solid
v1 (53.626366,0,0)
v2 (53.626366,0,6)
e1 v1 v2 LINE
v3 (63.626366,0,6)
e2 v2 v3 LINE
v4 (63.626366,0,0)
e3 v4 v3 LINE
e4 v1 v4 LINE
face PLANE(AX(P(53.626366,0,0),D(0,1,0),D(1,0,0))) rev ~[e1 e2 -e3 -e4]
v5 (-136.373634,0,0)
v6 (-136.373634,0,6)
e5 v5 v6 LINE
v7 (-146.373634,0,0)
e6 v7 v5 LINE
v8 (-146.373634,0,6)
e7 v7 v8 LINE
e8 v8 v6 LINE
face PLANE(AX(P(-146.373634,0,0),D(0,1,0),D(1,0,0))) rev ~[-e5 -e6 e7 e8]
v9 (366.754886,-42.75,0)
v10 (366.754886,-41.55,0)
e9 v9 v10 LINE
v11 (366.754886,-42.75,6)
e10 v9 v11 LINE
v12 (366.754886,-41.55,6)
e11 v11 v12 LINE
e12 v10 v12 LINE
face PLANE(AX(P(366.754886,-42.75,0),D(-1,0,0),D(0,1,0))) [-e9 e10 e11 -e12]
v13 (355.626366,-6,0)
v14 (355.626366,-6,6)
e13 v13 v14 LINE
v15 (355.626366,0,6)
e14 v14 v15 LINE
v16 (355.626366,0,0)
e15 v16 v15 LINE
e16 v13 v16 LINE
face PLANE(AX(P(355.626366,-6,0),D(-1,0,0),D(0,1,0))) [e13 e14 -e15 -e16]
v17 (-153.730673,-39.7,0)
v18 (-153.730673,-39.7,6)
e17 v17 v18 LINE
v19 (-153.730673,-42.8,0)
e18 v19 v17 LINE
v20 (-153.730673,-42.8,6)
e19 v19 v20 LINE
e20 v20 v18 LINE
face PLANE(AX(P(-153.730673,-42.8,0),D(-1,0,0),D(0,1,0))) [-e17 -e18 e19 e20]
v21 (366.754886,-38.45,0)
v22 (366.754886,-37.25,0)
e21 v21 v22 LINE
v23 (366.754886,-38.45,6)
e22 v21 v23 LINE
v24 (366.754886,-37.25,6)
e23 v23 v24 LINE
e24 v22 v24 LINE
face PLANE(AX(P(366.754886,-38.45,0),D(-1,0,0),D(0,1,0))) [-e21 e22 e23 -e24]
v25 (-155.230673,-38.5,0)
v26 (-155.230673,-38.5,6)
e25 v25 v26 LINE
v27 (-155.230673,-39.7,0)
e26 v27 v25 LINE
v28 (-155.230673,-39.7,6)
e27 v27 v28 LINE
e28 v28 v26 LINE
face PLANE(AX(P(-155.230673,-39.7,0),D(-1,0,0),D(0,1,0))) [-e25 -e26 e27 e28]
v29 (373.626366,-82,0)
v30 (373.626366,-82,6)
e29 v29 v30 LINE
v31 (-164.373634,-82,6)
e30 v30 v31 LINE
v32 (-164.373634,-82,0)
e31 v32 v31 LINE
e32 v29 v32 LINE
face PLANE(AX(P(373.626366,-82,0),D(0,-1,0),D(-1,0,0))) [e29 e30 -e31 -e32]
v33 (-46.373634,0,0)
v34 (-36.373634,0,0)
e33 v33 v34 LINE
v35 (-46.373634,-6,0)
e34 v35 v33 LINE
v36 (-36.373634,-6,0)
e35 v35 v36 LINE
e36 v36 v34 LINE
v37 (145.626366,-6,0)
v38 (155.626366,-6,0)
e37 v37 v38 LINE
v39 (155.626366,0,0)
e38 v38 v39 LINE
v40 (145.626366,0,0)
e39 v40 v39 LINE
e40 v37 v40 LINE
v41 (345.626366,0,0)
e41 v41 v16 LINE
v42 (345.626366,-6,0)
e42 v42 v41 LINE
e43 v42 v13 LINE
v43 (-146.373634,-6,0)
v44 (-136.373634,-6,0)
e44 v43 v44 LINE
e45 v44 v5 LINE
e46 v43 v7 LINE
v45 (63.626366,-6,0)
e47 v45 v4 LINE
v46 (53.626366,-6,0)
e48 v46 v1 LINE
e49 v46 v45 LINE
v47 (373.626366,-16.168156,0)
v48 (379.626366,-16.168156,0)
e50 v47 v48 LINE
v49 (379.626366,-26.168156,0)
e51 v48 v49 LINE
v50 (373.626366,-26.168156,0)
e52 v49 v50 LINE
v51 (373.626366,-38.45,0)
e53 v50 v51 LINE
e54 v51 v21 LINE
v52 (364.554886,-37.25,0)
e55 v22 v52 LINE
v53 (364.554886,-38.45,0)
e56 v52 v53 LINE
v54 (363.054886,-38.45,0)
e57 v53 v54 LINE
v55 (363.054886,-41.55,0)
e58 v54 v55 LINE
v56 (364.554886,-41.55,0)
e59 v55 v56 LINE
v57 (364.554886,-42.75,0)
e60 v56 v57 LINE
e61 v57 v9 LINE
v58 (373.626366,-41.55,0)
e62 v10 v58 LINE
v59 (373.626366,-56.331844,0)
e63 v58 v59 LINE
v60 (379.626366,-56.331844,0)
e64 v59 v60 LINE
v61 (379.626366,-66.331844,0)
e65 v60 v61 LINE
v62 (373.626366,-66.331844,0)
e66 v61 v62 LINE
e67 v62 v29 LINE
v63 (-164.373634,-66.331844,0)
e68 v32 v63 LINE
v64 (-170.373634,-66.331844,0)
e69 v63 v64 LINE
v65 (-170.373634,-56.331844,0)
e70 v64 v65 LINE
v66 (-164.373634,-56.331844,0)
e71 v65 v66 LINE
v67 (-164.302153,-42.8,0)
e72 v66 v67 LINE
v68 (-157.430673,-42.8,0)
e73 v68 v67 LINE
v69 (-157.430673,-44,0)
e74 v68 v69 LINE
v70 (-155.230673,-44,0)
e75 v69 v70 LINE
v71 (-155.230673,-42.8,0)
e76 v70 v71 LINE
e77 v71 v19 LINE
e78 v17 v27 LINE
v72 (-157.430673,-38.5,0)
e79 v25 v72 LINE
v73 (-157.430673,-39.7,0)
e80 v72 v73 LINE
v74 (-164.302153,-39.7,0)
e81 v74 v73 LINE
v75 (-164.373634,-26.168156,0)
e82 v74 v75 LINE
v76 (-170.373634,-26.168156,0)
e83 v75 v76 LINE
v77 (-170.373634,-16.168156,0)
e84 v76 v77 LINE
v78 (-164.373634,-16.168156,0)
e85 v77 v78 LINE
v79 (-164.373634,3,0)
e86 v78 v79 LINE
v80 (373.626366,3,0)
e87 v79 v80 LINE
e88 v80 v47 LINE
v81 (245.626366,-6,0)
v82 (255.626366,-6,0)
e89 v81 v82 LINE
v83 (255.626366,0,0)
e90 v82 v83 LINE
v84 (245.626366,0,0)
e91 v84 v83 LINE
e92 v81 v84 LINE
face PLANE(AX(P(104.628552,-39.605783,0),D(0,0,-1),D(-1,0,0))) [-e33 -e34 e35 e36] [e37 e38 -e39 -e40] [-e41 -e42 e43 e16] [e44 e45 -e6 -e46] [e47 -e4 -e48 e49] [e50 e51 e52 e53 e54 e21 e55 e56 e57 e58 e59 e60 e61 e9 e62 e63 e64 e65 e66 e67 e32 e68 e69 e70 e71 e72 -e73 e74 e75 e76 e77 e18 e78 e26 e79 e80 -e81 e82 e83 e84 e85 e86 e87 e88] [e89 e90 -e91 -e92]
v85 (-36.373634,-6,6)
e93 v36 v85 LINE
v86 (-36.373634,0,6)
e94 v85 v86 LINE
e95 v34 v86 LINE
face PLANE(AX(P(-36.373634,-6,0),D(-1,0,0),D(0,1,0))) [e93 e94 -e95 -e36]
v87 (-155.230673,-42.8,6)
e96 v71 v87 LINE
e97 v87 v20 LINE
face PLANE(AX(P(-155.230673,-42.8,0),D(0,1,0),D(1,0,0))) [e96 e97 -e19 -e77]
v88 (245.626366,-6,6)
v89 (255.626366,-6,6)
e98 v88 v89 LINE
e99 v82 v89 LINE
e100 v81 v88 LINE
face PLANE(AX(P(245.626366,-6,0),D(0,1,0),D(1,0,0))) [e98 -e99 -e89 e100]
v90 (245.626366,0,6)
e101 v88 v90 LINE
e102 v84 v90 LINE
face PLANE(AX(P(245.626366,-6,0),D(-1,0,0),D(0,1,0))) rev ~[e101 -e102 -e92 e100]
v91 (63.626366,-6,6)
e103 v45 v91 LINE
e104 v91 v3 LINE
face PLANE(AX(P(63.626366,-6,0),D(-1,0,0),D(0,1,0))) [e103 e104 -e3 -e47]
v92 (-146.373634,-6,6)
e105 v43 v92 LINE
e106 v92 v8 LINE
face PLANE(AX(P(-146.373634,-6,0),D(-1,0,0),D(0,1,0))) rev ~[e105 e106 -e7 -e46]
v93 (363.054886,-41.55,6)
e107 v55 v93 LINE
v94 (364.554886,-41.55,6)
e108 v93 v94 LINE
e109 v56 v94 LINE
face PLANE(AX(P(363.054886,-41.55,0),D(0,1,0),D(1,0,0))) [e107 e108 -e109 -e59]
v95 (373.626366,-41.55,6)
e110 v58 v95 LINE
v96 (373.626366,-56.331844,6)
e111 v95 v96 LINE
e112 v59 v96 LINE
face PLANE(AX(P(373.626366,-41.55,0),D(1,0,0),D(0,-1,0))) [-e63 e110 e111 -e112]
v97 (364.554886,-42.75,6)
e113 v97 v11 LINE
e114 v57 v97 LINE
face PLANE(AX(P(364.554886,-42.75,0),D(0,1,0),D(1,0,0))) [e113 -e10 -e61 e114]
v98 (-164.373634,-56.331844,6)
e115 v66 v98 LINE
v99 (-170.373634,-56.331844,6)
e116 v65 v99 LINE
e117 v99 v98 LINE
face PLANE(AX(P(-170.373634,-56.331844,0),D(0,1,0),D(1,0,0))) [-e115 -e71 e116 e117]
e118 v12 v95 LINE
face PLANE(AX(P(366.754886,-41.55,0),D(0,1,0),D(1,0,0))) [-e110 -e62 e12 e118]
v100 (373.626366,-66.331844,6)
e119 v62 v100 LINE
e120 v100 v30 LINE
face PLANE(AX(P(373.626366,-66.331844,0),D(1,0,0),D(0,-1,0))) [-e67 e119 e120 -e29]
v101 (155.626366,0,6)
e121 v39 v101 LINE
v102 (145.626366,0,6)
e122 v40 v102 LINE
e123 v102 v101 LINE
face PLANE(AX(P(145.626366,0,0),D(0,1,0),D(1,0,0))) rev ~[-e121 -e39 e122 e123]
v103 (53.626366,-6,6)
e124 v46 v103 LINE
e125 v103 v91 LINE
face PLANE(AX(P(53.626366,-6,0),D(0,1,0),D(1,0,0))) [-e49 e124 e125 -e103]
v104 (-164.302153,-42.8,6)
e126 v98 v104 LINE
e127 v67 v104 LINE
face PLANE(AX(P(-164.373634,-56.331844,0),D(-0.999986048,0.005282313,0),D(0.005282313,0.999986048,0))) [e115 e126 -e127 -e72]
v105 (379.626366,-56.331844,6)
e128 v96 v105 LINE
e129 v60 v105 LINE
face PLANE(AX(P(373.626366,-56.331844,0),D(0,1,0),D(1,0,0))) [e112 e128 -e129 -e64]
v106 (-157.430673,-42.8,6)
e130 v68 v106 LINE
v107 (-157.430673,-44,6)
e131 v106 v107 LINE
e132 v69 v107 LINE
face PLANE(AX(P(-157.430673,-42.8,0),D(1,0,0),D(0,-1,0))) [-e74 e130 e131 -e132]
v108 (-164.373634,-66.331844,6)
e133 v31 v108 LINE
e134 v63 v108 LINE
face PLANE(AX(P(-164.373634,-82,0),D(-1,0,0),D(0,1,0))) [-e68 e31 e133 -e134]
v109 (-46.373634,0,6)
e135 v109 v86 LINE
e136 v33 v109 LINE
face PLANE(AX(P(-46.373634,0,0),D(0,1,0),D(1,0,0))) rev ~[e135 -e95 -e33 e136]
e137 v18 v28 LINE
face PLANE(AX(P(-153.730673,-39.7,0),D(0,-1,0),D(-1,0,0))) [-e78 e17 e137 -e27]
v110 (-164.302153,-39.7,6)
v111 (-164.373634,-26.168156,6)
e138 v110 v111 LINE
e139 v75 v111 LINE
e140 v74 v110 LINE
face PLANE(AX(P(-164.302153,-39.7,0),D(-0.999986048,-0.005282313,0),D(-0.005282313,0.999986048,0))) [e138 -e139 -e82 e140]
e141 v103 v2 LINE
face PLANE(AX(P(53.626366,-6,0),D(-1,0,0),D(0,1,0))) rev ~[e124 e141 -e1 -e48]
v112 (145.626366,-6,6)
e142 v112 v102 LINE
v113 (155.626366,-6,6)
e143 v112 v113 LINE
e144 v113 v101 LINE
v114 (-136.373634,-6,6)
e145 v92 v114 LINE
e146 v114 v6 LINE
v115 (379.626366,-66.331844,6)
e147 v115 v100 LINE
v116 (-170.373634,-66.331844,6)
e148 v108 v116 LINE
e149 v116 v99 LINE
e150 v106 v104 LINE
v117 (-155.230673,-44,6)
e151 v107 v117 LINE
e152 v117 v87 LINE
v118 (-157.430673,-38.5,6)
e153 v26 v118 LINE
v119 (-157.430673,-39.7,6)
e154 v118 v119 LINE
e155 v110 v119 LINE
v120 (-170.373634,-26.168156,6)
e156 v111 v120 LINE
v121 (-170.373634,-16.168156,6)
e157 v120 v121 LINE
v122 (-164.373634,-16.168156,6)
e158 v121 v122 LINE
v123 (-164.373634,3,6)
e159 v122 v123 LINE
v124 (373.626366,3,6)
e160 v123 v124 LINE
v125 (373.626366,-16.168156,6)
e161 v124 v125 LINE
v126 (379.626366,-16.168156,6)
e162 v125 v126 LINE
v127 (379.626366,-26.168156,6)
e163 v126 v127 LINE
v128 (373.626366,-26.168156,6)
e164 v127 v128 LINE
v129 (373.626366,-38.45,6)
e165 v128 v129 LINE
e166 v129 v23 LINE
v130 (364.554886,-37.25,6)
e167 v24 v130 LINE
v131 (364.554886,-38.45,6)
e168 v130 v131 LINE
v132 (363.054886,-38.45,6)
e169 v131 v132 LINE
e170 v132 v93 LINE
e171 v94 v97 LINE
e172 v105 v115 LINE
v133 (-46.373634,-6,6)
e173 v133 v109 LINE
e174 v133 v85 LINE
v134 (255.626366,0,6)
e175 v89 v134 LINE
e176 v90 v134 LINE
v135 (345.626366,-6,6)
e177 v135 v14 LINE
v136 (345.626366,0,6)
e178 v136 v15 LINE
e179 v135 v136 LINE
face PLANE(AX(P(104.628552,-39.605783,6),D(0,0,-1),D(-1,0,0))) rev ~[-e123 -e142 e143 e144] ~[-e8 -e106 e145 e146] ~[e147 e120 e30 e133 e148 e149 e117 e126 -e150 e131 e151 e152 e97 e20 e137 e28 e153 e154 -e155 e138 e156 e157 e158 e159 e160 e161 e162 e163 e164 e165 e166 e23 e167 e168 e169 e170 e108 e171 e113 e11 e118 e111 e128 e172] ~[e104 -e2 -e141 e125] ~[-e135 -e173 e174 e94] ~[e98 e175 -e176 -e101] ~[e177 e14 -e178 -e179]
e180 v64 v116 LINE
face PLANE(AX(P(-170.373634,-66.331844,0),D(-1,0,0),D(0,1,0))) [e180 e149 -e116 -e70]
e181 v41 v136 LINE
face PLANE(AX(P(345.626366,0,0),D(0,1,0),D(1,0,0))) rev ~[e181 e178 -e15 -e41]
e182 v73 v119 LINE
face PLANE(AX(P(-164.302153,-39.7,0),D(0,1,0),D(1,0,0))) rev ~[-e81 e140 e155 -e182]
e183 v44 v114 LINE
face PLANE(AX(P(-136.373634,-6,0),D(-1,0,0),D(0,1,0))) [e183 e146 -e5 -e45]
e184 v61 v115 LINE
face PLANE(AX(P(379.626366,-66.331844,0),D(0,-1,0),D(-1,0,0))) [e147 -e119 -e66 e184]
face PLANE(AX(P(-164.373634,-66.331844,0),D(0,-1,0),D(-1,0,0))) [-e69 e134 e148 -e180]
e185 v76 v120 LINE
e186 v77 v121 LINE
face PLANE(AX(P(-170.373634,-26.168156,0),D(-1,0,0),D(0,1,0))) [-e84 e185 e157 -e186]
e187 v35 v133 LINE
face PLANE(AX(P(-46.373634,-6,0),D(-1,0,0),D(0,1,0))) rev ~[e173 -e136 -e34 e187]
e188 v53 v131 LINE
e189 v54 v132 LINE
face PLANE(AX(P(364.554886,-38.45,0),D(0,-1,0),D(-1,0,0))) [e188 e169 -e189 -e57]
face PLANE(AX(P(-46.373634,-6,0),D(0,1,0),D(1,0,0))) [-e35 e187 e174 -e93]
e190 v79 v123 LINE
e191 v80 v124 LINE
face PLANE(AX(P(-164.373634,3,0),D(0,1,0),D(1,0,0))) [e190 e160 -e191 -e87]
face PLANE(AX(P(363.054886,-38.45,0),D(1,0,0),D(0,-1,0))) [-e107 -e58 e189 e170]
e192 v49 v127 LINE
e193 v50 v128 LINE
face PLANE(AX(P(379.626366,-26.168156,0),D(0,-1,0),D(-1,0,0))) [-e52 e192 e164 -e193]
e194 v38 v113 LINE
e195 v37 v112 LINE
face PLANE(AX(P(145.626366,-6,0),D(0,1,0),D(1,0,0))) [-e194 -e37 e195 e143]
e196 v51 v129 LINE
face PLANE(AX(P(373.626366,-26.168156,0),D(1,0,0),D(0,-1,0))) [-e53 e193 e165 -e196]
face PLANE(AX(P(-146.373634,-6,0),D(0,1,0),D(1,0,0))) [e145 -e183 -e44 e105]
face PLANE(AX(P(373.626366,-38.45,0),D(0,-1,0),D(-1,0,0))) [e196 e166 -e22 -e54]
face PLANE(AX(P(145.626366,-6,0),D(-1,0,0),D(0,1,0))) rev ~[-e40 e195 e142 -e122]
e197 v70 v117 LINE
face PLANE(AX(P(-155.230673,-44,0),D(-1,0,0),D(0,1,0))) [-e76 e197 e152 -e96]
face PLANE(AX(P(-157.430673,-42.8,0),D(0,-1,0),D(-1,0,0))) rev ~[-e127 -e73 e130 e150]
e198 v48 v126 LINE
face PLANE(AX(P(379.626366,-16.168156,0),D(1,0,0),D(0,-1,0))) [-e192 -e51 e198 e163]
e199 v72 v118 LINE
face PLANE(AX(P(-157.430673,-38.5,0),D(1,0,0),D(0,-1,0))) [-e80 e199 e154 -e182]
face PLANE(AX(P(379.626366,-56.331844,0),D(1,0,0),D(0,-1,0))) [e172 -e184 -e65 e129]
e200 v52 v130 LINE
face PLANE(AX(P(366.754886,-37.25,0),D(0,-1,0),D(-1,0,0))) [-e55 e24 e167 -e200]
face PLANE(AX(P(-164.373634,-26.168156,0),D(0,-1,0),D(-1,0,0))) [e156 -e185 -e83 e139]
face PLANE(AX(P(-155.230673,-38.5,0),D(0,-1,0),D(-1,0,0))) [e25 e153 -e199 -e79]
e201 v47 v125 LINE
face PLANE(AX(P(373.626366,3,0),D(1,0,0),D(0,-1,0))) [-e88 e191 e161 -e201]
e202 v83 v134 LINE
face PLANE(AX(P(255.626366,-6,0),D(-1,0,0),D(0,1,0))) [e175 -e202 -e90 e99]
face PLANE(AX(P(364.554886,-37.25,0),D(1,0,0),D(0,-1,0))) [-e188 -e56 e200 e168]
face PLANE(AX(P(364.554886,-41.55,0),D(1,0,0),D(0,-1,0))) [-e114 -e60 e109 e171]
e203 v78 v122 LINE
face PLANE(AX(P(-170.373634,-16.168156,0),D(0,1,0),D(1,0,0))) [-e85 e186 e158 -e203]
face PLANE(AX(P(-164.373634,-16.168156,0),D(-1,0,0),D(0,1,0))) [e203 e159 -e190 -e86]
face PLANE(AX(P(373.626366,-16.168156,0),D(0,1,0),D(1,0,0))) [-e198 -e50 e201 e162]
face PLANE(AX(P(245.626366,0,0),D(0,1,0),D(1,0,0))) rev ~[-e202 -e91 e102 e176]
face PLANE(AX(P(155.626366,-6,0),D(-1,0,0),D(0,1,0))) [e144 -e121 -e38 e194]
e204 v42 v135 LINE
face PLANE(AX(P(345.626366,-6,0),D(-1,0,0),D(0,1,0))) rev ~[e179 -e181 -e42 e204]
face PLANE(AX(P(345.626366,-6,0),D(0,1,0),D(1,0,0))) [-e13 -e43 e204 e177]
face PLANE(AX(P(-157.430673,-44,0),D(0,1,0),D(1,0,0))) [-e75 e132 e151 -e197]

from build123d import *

# Parameters (mm, degrees)
SKETCH_1_W      = 10
SKETCH_1_H      = 6
EXTRUDE_1_DEPTH = 6


with BuildPart() as part:
    # Эскиз1 → Бобышка-Вытянуть1 (new body)
    with BuildSketch(Plane.XY):
        Polygon((-164.373633731, 3), (373.626366269, 3), (373.626366269, -16.168156269), (379.626366269, -16.168156269), (379.626366269, -26.168156269), (373.626366269, -26.168156269), (373.626366269, -38.45), (366.754885836, -38.45), (366.754885836, -37.25), (364.554885836, -37.25), (364.554885836, -38.45), (363.054885836, -38.45), (363.054885836, -41.55), (364.554885836, -41.55), (364.554885836, -42.75), (366.754885836, -42.75), (366.754885836, -41.55), (373.626366269, -41.55), (373.626366269, -56.331843731), (379.626366269, -56.331843731), (379.626366269, -66.331843731), (373.626366269, -66.331843731), (373.626366269, -82), (-164.373633731, -82), (-164.373633731, -66.331843731), (-170.373633731, -66.331843731), (-170.373633731, -56.331843731), (-164.373633731, -56.331843731), (-164.302153297, -42.8), (-164.230672864, -42.8), (-157.430672864, -42.8), (-157.430672864, -44), (-155.230672864, -44), (-155.230672864, -42.8), (-153.730672864, -42.8), (-153.730672864, -39.7), (-155.230672864, -39.7), (-155.230672864, -38.5), (-157.430672864, -38.5), (-157.430672864, -39.7), (-164.230672864, -39.7), (-164.302153297, -39.7), (-164.373633731, -26.168156269), (-170.373633731, -26.168156269), (-170.373633731, -16.168156269), (-164.373633731, -16.168156269), align=None)
        with Locations((-141.373633731, -3)):
            Rectangle(SKETCH_1_W, SKETCH_1_H, mode=Mode.SUBTRACT)
        with Locations((-41.373633731, -3)):
            Rectangle(SKETCH_1_W, SKETCH_1_H, mode=Mode.SUBTRACT)
        with Locations((58.626366269, -3)):
            Rectangle(SKETCH_1_W, SKETCH_1_H, mode=Mode.SUBTRACT)
        with Locations((150.626366269, -3)):
            Rectangle(SKETCH_1_W, SKETCH_1_H, mode=Mode.SUBTRACT)
        with Locations((250.626366269, -3)):
            Rectangle(SKETCH_1_W, SKETCH_1_H, mode=Mode.SUBTRACT)
        with Locations((350.626366269, -3)):
            Rectangle(SKETCH_1_W, SKETCH_1_H, mode=Mode.SUBTRACT)
    extrude(amount=EXTRUDE_1_DEPTH)


solid = part.part
